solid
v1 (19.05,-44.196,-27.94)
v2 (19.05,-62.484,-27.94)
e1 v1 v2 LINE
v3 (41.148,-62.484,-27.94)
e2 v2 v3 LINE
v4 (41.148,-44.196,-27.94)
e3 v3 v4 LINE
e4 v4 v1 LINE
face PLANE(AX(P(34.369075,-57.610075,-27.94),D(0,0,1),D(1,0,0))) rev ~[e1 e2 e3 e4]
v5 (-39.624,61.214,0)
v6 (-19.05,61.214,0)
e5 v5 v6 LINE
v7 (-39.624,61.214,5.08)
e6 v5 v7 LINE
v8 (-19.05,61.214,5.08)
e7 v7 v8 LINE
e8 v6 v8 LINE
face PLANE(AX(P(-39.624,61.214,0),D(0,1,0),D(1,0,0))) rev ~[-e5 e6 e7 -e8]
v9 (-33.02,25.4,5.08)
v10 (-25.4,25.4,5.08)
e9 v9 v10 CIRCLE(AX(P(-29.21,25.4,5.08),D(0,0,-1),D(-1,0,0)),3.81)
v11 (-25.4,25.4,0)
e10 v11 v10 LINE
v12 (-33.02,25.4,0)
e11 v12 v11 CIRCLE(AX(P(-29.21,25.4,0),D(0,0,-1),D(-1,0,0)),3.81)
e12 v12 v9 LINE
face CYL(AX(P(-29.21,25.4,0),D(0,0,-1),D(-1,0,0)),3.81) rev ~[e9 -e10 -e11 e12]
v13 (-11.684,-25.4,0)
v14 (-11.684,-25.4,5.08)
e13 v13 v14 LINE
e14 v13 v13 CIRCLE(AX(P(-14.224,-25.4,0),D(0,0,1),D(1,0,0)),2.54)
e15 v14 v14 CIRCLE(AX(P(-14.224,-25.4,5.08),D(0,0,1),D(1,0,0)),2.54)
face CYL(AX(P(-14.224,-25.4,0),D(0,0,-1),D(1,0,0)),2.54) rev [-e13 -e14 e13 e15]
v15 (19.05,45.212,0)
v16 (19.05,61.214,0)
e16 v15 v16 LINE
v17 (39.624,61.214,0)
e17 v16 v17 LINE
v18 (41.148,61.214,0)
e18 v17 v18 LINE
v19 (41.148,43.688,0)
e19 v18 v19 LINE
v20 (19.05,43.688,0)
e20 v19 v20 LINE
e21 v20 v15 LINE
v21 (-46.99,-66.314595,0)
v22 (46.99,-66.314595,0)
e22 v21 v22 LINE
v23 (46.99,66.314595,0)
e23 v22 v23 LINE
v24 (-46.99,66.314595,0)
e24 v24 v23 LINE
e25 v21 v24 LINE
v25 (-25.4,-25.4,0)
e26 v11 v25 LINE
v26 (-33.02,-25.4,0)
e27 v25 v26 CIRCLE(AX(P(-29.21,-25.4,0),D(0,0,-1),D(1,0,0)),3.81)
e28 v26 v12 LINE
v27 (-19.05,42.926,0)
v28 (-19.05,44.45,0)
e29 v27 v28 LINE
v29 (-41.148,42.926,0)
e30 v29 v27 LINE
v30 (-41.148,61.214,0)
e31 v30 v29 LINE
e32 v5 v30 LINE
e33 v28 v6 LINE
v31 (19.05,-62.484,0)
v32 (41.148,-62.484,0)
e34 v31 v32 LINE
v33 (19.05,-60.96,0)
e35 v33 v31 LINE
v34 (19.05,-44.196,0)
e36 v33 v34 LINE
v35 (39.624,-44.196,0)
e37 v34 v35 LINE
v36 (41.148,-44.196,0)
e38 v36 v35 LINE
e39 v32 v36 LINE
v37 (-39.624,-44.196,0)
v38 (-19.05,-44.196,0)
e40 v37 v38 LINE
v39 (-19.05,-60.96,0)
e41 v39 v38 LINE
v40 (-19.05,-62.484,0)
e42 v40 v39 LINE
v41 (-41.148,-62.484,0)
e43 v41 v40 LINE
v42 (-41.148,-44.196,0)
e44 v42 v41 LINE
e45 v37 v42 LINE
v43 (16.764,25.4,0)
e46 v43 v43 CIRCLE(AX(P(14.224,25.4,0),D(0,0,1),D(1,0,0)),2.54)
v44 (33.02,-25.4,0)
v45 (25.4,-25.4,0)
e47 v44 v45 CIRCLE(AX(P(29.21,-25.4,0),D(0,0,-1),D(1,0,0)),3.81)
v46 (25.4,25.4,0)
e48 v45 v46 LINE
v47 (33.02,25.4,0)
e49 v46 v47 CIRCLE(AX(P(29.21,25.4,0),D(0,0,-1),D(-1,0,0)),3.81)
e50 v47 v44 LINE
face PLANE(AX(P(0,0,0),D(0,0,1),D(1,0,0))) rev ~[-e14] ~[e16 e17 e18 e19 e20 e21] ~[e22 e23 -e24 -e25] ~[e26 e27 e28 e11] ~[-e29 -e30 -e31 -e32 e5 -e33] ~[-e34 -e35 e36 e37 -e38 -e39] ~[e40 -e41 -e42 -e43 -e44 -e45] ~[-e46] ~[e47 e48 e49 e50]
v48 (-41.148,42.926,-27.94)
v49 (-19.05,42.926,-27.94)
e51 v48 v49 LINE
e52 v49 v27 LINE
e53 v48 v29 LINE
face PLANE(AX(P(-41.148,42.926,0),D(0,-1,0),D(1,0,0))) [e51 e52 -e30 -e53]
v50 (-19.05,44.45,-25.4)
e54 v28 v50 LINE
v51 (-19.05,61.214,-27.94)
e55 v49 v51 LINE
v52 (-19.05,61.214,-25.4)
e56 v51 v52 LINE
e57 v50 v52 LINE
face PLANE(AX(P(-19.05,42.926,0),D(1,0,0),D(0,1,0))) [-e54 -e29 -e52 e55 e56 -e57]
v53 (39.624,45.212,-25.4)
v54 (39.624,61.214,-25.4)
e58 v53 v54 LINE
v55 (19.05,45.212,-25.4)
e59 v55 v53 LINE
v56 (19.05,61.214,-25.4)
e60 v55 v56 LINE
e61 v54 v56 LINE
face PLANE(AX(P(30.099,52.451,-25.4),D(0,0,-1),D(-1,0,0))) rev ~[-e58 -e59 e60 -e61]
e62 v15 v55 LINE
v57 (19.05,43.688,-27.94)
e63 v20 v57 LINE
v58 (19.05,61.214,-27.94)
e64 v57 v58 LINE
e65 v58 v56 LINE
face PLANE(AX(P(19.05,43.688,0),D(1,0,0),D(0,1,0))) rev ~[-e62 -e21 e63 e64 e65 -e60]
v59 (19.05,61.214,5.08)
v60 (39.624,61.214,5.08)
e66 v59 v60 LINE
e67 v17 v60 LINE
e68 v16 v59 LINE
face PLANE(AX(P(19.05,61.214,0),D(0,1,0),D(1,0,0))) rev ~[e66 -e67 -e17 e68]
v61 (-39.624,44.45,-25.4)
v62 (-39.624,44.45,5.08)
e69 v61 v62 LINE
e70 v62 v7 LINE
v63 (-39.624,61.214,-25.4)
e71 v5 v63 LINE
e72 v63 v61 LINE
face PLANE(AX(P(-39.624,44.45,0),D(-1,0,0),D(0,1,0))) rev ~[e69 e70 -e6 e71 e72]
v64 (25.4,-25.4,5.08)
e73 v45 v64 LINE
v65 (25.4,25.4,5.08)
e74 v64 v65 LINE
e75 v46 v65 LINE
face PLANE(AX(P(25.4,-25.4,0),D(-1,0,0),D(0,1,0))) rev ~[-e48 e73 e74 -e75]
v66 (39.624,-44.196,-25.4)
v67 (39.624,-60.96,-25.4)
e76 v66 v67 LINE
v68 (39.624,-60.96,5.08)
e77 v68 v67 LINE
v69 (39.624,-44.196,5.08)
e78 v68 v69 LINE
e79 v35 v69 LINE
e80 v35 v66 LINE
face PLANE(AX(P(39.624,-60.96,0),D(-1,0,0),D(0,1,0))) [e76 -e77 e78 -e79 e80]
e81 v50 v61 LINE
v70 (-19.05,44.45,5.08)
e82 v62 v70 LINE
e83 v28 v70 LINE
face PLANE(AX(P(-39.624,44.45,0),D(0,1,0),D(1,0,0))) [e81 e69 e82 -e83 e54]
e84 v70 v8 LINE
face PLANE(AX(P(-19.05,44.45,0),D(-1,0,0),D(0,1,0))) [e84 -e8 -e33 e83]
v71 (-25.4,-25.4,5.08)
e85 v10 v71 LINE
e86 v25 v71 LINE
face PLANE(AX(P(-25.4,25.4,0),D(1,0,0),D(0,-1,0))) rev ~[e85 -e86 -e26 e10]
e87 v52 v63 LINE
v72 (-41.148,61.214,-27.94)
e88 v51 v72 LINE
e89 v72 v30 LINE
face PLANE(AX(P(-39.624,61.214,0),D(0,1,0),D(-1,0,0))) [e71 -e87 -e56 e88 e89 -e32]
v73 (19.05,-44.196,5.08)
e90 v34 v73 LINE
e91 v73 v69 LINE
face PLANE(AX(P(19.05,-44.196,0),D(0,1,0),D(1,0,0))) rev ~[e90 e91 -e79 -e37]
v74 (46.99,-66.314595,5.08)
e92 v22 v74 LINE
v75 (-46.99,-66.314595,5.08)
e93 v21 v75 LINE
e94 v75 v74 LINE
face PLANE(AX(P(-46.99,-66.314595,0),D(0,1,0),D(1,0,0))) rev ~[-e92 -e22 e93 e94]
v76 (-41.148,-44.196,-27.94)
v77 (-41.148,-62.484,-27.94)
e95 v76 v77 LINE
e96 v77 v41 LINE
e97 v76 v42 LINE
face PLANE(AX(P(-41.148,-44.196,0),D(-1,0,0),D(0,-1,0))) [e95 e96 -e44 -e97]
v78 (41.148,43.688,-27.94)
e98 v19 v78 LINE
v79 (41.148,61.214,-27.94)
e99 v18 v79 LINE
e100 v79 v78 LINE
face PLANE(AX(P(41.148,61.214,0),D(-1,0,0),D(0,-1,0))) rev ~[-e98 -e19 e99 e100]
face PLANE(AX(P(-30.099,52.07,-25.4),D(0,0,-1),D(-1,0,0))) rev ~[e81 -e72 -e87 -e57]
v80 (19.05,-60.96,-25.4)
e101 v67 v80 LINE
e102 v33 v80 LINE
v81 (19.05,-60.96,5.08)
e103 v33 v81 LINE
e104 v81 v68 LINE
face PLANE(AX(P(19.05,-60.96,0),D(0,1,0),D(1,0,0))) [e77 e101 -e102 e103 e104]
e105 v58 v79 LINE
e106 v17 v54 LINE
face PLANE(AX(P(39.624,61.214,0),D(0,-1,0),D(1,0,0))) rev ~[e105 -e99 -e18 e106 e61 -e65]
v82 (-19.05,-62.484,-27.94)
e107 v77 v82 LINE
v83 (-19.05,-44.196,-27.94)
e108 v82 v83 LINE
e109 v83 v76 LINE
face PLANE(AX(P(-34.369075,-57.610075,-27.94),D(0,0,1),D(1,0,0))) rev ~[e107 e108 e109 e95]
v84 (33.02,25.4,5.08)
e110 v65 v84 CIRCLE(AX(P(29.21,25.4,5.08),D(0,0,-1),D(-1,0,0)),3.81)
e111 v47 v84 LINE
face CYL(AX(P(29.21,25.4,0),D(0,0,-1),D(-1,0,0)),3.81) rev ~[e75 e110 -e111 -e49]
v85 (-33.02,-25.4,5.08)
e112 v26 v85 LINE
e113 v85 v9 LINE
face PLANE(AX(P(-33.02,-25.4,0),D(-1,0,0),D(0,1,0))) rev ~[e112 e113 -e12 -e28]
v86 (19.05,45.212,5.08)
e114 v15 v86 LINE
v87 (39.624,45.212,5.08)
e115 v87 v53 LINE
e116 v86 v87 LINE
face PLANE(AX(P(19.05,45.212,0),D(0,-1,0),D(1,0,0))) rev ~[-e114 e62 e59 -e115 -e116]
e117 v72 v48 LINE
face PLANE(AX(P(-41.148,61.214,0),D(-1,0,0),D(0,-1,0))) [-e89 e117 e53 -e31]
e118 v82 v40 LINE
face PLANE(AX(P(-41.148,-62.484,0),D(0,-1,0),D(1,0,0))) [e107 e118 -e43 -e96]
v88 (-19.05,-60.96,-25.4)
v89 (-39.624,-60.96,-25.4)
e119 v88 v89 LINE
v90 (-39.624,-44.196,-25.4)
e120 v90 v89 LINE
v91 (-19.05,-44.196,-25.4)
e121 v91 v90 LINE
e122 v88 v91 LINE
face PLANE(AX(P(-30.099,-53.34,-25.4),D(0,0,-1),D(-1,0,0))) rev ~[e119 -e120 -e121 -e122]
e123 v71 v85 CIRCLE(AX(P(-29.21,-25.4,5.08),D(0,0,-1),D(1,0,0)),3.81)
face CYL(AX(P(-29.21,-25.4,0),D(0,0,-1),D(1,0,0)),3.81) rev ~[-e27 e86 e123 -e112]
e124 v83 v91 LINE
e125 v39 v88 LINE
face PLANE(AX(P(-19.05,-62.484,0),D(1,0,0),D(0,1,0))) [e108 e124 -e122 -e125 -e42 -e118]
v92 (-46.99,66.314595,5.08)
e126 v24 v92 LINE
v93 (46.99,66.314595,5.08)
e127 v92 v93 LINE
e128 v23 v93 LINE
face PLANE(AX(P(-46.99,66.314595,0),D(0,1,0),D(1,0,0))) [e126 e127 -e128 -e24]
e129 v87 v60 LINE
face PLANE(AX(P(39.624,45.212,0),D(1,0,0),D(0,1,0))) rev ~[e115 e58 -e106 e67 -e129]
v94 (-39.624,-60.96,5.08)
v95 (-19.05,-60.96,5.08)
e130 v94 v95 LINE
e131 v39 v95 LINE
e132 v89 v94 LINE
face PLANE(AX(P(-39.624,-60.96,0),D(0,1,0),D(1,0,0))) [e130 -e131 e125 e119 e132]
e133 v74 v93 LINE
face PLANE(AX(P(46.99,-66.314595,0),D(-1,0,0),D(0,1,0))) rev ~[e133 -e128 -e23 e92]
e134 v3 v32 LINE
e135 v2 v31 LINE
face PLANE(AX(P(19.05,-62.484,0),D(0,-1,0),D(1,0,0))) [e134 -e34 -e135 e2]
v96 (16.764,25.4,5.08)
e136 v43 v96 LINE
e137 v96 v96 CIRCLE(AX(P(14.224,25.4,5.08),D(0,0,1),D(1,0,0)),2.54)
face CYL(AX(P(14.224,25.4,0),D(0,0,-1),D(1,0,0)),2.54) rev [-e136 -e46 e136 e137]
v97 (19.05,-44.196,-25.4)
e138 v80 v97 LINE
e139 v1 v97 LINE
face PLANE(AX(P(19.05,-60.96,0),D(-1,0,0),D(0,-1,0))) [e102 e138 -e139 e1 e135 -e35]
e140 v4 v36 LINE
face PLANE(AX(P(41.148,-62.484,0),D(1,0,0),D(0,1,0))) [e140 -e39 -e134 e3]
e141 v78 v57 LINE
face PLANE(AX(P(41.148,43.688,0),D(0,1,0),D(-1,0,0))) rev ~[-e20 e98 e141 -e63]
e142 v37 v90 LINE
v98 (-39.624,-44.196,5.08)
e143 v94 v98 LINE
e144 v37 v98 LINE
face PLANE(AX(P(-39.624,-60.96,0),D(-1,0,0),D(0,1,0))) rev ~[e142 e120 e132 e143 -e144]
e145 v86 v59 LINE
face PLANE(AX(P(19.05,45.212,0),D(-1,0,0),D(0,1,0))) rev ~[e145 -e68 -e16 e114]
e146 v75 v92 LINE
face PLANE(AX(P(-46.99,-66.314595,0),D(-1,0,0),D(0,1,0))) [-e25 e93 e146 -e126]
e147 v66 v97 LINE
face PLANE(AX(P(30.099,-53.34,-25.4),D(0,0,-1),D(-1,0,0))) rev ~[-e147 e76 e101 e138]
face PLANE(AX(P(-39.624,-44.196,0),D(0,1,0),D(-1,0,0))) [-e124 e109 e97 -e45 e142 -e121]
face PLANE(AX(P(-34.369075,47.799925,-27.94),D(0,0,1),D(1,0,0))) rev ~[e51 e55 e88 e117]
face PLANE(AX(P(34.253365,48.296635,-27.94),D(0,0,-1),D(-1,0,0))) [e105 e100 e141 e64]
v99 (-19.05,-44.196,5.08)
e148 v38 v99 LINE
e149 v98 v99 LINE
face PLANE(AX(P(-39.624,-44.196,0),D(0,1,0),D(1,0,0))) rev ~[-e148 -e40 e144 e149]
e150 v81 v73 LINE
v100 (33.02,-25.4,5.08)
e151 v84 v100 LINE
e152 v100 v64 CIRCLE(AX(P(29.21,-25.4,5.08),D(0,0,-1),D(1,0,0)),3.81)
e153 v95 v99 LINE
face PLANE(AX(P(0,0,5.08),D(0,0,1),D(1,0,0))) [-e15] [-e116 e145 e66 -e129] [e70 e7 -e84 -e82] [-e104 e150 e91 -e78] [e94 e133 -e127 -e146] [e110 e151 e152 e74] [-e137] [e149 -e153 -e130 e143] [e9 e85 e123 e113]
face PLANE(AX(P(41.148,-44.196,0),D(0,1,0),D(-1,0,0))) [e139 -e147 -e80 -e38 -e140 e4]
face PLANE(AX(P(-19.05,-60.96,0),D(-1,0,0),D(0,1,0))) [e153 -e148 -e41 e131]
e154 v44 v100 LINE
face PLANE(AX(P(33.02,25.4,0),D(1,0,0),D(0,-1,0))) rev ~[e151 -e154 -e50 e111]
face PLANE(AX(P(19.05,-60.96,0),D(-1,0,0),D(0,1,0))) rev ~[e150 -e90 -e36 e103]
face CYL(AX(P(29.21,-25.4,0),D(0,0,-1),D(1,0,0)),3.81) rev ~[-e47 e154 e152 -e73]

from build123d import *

# Parameters (mm, degrees)
SKETCH1_W           = 93.98
SKETCH1_H           = 132.62918919
SKETCH1_R           = 2.54
SKETCH1_W_2         = 20.574
SKETCH1_H_2         = 16.002
SKETCH1_H_3         = 16.764
BOSS_EXTRUDE1_DEPTH = 5.08
BOSS_EXTRUDE2_DEPTH = 27.94
SKETCH4_W           = 22.098
SKETCH4_H           = 17.526
SKETCH4_H_2         = 18.288
BOSS_EXTRUDE3_DEPTH = 2.54


with BuildPart() as part:
    # Sketch1 → Boss-Extrude1 (new body)
    with BuildSketch(Plane.XY):
        Rectangle(SKETCH1_W, SKETCH1_H)
        with Locations((-14.224, -25.4)):
            Circle(SKETCH1_R, mode=Mode.SUBTRACT)
        with Locations((14.224, 25.4)):
            Circle(SKETCH1_R, mode=Mode.SUBTRACT)
        with Locations((29.337, 53.213)):
            Rectangle(SKETCH1_W_2, SKETCH1_H_2, mode=Mode.SUBTRACT)
        with Locations((-29.337, -52.578)):
            Rectangle(SKETCH1_W_2, SKETCH1_H_3, mode=Mode.SUBTRACT)
        with Locations((-29.337, 52.832)):
            Rectangle(SKETCH1_W_2, SKETCH1_H_3, mode=Mode.SUBTRACT)
        with Locations((29.337, -52.578)):
            Rectangle(SKETCH1_W_2, SKETCH1_H_3, mode=Mode.SUBTRACT)
        with BuildLine():
            Line((-33.02, -25.4), (-33.02, 25.4))
            ThreePointArc((-33.02, 25.4), (-29.21, 29.21), (-25.4, 25.4))
            Line((-25.4, 25.4), (-25.4, -25.4))
            ThreePointArc((-25.4, -25.4), (-29.21, -29.21), (-33.02, -25.4))
        make_face(mode=Mode.SUBTRACT)
        with BuildLine():
            Line((25.4, -25.4), (25.4, 25.4))
            ThreePointArc((25.4, 25.4), (29.21, 29.21), (33.02, 25.4))
            Line((33.02, 25.4), (33.02, -25.4))
            ThreePointArc((33.02, -25.4), (29.21, -29.21), (25.4, -25.4))
        make_face(mode=Mode.SUBTRACT)
    extrude(amount=BOSS_EXTRUDE1_DEPTH)

    # Sketch3 → Boss-Extrude2 (add)
    with BuildSketch(Plane(origin=(0, 0, 0), x_dir=(-1, 0, 0), z_dir=(0, 0, -1))):
        Polygon((-19.05, 45.212), (-39.624, 45.212), (-39.624, 61.214), (-41.148, 61.214), (-41.148, 43.688), (-19.05, 43.688), align=None)
        Polygon((19.05, 44.45), (39.624, 44.45), (39.624, 61.214), (41.148, 61.214), (41.148, 42.926), (19.05, 42.926), align=None)
        Polygon((19.05, -60.96), (39.624, -60.96), (39.624, -44.196), (41.148, -44.196), (41.148, -62.484), (19.05, -62.484), align=None)
        Polygon((-39.624, -44.196), (-39.624, -60.96), (-19.05, -60.96), (-19.05, -62.484), (-41.148, -62.484), (-41.148, -44.196), align=None)
    extrude(amount=BOSS_EXTRUDE2_DEPTH)

    # Sketch4 → Boss-Extrude3 (add)
    with BuildSketch(Plane(origin=(0, 0, -27.94), x_dir=(-1, 0, 0), z_dir=(0, 0, -1))):
        with Locations((-30.099, 52.451)):
            Rectangle(SKETCH4_W, SKETCH4_H)
        with Locations((30.099, 52.07)):
            Rectangle(SKETCH4_W, SKETCH4_H_2)
        with Locations((30.099, -53.34)):
            Rectangle(SKETCH4_W, SKETCH4_H_2)
        with Locations((-30.099, -53.34)):
            Rectangle(SKETCH4_W, SKETCH4_H_2)
    extrude(amount=-BOSS_EXTRUDE3_DEPTH)


solid = part.part
